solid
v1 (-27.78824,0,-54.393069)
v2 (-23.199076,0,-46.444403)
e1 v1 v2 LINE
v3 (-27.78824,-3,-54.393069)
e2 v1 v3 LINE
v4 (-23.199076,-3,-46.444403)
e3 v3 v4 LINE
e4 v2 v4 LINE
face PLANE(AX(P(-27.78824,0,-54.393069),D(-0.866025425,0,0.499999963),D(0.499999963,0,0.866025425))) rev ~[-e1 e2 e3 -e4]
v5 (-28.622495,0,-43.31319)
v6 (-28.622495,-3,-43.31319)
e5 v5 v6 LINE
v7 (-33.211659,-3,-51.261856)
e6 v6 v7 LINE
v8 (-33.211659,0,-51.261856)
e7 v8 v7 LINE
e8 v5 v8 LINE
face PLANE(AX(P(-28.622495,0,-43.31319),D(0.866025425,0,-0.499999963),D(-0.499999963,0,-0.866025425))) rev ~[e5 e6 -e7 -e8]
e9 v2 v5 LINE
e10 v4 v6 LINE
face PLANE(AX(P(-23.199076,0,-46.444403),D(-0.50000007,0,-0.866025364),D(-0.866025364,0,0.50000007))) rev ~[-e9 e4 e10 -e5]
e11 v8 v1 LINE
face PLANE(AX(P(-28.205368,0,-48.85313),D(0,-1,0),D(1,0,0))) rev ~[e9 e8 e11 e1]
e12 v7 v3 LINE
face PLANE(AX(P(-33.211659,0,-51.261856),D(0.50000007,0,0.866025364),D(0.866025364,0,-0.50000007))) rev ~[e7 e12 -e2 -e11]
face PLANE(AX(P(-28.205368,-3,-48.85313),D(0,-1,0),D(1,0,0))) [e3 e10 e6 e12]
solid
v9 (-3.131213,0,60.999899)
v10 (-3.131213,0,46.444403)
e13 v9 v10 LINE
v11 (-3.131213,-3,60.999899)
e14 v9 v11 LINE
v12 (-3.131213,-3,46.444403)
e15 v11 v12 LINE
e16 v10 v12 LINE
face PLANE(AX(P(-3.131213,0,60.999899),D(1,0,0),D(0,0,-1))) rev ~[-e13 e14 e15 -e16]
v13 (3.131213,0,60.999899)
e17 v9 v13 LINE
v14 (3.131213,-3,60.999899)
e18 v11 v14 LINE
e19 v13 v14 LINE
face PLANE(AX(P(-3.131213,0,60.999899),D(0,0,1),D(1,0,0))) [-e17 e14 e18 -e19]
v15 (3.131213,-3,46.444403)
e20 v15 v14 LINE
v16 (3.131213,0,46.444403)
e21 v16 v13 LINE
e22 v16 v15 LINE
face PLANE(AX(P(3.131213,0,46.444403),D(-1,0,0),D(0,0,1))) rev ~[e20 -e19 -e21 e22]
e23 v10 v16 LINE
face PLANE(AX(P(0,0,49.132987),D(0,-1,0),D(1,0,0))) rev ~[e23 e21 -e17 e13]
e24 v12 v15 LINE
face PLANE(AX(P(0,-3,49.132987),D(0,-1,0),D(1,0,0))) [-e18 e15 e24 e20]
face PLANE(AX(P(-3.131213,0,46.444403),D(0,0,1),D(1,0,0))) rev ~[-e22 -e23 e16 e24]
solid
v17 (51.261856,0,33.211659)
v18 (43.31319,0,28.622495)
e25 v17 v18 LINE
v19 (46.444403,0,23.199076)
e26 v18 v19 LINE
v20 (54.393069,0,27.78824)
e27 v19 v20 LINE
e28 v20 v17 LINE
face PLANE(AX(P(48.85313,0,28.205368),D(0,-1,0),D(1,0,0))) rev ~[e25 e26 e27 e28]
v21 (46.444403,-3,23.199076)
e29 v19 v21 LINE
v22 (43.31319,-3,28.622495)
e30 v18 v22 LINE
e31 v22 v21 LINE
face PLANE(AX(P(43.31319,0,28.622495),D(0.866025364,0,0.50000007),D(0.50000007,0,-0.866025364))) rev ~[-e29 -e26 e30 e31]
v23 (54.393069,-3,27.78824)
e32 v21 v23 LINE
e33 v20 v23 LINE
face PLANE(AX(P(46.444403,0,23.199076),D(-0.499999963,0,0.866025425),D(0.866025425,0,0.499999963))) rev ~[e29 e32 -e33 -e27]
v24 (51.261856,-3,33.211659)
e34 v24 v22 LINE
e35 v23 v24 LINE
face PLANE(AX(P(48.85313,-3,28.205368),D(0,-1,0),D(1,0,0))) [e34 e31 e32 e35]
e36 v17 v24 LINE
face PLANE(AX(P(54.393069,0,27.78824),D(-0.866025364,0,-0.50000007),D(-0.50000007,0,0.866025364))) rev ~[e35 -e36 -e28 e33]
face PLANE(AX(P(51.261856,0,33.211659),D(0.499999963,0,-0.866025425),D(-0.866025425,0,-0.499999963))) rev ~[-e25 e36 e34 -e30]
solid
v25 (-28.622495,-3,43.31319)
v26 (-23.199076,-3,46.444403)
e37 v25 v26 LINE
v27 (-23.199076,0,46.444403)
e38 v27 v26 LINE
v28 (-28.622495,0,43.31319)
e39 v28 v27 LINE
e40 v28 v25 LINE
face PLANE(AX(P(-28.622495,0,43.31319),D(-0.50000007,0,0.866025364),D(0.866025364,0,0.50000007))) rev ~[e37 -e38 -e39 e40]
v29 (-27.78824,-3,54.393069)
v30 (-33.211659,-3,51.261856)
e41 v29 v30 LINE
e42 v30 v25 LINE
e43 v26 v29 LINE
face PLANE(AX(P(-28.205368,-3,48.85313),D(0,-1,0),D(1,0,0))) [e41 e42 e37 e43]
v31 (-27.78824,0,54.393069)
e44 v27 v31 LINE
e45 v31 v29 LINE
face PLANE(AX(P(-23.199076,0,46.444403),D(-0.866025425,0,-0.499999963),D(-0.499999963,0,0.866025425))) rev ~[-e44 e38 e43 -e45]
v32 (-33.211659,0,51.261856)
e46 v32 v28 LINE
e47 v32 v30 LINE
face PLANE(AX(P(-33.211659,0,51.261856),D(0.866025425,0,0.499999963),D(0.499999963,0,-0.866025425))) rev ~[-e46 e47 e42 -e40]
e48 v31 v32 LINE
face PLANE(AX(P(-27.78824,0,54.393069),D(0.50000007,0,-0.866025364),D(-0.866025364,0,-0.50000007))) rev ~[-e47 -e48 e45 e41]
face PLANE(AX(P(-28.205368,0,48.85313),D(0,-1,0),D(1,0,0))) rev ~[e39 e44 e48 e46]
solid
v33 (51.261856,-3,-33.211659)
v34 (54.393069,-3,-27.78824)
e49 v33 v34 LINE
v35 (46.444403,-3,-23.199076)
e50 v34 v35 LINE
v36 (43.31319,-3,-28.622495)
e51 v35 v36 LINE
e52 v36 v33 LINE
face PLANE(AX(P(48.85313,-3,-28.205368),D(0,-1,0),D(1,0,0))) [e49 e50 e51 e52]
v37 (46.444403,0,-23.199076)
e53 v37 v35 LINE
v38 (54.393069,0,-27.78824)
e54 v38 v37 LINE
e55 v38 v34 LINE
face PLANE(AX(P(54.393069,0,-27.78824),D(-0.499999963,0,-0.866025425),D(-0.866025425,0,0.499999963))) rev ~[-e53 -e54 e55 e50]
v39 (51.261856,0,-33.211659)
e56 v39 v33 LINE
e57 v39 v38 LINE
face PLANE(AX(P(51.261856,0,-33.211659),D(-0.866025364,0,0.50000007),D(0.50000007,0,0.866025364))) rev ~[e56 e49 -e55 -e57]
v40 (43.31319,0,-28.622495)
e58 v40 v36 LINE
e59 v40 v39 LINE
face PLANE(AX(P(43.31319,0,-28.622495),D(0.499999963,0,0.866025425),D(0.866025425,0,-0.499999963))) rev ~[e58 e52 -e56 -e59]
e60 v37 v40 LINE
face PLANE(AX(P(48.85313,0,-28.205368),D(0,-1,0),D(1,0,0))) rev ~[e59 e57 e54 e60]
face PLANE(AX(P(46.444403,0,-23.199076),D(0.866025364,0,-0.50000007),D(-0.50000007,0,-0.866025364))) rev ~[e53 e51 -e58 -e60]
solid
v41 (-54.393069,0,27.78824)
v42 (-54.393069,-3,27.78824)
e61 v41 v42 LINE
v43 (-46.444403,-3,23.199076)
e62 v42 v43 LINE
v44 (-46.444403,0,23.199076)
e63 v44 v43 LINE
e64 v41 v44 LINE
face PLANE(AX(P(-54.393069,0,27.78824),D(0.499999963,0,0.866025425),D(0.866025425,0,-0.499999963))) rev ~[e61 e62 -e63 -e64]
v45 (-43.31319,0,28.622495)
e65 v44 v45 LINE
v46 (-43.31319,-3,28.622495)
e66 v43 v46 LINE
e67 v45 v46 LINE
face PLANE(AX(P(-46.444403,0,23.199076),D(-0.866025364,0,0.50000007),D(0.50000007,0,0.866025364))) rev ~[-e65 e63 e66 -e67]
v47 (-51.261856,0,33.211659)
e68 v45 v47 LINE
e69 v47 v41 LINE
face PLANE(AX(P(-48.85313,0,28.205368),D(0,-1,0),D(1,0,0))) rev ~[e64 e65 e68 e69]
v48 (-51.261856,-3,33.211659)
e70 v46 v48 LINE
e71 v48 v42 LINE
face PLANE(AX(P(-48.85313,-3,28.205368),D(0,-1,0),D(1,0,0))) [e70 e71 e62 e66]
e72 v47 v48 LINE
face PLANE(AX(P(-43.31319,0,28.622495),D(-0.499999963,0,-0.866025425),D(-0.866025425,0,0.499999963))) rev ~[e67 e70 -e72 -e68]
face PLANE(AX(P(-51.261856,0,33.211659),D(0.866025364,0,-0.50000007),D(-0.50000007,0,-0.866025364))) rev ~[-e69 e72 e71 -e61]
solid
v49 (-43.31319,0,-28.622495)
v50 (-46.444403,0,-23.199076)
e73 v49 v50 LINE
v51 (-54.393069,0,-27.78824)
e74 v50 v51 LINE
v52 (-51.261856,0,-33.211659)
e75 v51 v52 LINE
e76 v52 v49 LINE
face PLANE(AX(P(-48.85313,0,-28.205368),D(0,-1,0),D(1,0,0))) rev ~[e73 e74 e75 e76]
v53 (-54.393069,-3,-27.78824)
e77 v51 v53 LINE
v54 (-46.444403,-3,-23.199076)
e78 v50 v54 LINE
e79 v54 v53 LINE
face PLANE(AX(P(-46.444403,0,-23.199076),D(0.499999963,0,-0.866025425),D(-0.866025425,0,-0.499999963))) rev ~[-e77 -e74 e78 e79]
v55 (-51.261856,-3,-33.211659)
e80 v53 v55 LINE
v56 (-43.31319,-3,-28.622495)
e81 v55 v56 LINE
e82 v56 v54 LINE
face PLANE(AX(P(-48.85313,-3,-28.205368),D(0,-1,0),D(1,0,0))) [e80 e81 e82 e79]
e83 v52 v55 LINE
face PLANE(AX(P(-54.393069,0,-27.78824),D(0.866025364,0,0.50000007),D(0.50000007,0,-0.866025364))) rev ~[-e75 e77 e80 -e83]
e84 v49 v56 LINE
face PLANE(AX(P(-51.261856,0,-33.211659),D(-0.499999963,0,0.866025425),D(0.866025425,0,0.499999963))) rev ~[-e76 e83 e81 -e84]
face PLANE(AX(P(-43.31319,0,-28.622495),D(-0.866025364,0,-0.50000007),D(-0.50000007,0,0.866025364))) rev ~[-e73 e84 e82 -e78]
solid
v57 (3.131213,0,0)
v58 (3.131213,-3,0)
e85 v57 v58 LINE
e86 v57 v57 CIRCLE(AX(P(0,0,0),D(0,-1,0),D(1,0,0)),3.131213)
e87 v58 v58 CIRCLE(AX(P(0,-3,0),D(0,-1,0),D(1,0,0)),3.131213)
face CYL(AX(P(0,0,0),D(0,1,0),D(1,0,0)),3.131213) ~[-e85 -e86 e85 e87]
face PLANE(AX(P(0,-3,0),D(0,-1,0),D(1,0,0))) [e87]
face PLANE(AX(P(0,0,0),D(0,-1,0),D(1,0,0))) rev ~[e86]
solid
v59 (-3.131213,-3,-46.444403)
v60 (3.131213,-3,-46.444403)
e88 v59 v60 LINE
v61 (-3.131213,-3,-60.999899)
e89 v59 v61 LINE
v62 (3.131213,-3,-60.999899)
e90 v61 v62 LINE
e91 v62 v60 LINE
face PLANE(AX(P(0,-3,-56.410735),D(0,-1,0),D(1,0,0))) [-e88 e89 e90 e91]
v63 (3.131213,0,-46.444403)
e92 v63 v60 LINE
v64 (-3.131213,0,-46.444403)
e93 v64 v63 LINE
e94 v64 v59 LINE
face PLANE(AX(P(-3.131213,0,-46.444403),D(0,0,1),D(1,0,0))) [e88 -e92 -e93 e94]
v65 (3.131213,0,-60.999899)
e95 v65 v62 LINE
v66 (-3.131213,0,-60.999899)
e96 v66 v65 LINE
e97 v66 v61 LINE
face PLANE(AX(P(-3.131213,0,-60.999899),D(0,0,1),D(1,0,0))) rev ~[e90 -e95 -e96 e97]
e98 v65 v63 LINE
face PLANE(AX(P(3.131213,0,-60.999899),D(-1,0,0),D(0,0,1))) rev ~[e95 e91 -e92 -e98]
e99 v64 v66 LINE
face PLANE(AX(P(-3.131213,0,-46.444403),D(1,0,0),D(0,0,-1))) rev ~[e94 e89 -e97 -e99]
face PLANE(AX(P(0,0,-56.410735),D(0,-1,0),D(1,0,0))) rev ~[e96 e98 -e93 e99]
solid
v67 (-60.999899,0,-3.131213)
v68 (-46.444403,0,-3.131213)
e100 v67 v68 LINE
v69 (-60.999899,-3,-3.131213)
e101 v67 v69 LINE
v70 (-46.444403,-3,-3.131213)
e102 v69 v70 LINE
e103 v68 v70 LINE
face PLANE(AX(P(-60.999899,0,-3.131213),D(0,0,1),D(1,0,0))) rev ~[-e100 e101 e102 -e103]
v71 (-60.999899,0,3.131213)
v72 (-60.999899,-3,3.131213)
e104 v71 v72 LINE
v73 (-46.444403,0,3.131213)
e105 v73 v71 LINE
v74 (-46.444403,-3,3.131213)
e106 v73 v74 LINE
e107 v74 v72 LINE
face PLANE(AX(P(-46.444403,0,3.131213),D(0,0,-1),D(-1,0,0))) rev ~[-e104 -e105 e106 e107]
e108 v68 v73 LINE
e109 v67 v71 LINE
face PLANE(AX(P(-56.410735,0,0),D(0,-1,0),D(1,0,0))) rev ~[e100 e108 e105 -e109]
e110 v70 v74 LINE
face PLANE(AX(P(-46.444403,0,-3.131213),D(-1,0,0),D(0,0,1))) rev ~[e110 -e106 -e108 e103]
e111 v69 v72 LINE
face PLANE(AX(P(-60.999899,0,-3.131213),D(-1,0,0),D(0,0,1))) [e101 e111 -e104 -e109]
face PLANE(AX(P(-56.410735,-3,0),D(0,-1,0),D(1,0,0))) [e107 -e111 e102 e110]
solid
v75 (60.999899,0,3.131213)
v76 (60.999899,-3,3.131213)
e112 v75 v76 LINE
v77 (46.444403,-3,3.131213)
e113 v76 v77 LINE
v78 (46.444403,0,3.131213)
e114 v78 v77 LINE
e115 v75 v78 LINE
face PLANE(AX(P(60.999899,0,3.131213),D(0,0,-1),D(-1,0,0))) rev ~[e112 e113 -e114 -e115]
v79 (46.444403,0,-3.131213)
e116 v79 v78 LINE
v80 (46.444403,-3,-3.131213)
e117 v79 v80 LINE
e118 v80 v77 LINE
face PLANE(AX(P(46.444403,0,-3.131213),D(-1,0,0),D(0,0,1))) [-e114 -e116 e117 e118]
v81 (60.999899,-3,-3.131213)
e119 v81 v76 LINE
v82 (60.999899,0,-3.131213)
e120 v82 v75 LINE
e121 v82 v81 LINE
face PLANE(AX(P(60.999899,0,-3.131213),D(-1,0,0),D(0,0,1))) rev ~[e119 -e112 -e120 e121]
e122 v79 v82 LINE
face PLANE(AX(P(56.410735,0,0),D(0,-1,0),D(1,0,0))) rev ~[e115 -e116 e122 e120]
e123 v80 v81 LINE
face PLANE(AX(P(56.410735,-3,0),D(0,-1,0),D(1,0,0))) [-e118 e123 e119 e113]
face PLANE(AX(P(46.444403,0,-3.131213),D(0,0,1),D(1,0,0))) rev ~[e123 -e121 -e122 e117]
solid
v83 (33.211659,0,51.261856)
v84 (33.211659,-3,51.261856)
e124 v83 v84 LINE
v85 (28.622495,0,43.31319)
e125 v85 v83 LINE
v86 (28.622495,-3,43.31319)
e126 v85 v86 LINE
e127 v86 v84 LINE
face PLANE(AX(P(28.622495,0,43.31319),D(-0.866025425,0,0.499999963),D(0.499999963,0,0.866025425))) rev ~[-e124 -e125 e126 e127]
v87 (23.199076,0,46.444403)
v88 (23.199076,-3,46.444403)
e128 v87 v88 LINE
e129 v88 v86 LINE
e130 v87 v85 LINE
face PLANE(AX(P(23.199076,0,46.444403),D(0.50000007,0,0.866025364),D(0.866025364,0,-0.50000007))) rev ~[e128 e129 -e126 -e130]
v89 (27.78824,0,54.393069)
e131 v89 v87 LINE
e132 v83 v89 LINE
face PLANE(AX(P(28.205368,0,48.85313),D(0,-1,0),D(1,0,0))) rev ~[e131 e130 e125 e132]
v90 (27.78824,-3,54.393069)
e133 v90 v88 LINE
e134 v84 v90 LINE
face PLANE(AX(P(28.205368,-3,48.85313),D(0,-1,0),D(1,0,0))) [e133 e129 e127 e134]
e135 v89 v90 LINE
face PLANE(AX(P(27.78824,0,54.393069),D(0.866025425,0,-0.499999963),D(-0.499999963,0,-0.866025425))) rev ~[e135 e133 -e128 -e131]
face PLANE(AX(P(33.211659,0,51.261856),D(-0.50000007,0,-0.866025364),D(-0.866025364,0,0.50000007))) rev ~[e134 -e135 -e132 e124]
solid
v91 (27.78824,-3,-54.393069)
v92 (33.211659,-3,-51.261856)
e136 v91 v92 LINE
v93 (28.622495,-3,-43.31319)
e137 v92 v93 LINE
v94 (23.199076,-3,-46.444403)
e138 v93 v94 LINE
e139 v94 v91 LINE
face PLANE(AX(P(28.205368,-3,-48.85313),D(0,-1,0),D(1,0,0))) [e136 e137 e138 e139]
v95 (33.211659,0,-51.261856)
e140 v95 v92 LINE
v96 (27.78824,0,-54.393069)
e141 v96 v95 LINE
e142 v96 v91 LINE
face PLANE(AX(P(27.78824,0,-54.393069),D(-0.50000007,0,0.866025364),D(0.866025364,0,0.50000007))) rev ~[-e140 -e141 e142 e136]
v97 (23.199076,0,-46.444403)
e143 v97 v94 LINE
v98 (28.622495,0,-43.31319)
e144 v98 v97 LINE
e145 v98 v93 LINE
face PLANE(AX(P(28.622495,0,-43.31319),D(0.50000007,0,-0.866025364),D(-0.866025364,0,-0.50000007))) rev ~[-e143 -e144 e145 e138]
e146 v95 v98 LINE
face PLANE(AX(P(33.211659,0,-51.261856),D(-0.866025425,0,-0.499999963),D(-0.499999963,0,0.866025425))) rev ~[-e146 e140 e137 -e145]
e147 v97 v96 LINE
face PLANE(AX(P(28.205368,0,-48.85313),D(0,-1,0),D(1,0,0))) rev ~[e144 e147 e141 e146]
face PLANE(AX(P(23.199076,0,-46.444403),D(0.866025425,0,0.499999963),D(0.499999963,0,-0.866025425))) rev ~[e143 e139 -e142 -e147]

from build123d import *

# Parameters (mm, degrees)
F0_W     = 6.262426
F0_H     = 5.377168
F0_H_2   = 9.178328
F0_W_2   = 9.178328
F0_H_3   = 6.262426
F0_W_3   = 5.377168
F0_R     = 3.131213
F1_DEPTH = 3


with BuildPart() as f1:
    # F0 (on Front) → F1 (new body)
    with BuildSketch(Plane.XZ):
        with Locations((0, 49.132987)):
            Rectangle(F0_W, F0_H)
        with Locations((0, 56.410735)):
            Rectangle(F0_W, F0_H_2)
        Polygon((-33.211659, 51.261856), (-28.622495, 43.31319), (-23.199076, 46.444403), (-27.78824, 54.393069), align=None)
        Polygon((-54.393069, 27.78824), (-46.444403, 23.199076), (-43.31319, 28.622495), (-51.261856, 33.211659), align=None)
        with Locations((-56.410735, 0)):
            Rectangle(F0_W_2, F0_H_3)
        with Locations((-49.132987, 0)):
            Rectangle(F0_W_3, F0_H_3)
        Polygon((-51.261856, -33.211659), (-43.31319, -28.622495), (-46.444403, -23.199076), (-54.393069, -27.78824), align=None)
        Polygon((-27.78824, -54.393069), (-23.199076, -46.444403), (-28.622495, -43.31319), (-33.211659, -51.261856), align=None)
        with Locations((0, -56.410735)):
            Rectangle(F0_W, F0_H_2)
        with Locations((0, -49.132987)):
            Rectangle(F0_W, F0_H)
        Polygon((33.211659, -51.261856), (28.622495, -43.31319), (23.199076, -46.444403), (27.78824, -54.393069), align=None)
        Polygon((54.393069, -27.78824), (46.444403, -23.199076), (43.31319, -28.622495), (51.261856, -33.211659), align=None)
        with Locations((56.410735, 0)):
            Rectangle(F0_W_2, F0_H_3)
        with Locations((49.132987, 0)):
            Rectangle(F0_W_3, F0_H_3)
        Polygon((51.261856, 33.211659), (43.31319, 28.622495), (46.444403, 23.199076), (54.393069, 27.78824), align=None)
        Polygon((27.78824, 54.393069), (23.199076, 46.444403), (28.622495, 43.31319), (33.211659, 51.261856), align=None)
        Circle(F0_R)
    extrude(amount=F1_DEPTH)


solid = f1.part
